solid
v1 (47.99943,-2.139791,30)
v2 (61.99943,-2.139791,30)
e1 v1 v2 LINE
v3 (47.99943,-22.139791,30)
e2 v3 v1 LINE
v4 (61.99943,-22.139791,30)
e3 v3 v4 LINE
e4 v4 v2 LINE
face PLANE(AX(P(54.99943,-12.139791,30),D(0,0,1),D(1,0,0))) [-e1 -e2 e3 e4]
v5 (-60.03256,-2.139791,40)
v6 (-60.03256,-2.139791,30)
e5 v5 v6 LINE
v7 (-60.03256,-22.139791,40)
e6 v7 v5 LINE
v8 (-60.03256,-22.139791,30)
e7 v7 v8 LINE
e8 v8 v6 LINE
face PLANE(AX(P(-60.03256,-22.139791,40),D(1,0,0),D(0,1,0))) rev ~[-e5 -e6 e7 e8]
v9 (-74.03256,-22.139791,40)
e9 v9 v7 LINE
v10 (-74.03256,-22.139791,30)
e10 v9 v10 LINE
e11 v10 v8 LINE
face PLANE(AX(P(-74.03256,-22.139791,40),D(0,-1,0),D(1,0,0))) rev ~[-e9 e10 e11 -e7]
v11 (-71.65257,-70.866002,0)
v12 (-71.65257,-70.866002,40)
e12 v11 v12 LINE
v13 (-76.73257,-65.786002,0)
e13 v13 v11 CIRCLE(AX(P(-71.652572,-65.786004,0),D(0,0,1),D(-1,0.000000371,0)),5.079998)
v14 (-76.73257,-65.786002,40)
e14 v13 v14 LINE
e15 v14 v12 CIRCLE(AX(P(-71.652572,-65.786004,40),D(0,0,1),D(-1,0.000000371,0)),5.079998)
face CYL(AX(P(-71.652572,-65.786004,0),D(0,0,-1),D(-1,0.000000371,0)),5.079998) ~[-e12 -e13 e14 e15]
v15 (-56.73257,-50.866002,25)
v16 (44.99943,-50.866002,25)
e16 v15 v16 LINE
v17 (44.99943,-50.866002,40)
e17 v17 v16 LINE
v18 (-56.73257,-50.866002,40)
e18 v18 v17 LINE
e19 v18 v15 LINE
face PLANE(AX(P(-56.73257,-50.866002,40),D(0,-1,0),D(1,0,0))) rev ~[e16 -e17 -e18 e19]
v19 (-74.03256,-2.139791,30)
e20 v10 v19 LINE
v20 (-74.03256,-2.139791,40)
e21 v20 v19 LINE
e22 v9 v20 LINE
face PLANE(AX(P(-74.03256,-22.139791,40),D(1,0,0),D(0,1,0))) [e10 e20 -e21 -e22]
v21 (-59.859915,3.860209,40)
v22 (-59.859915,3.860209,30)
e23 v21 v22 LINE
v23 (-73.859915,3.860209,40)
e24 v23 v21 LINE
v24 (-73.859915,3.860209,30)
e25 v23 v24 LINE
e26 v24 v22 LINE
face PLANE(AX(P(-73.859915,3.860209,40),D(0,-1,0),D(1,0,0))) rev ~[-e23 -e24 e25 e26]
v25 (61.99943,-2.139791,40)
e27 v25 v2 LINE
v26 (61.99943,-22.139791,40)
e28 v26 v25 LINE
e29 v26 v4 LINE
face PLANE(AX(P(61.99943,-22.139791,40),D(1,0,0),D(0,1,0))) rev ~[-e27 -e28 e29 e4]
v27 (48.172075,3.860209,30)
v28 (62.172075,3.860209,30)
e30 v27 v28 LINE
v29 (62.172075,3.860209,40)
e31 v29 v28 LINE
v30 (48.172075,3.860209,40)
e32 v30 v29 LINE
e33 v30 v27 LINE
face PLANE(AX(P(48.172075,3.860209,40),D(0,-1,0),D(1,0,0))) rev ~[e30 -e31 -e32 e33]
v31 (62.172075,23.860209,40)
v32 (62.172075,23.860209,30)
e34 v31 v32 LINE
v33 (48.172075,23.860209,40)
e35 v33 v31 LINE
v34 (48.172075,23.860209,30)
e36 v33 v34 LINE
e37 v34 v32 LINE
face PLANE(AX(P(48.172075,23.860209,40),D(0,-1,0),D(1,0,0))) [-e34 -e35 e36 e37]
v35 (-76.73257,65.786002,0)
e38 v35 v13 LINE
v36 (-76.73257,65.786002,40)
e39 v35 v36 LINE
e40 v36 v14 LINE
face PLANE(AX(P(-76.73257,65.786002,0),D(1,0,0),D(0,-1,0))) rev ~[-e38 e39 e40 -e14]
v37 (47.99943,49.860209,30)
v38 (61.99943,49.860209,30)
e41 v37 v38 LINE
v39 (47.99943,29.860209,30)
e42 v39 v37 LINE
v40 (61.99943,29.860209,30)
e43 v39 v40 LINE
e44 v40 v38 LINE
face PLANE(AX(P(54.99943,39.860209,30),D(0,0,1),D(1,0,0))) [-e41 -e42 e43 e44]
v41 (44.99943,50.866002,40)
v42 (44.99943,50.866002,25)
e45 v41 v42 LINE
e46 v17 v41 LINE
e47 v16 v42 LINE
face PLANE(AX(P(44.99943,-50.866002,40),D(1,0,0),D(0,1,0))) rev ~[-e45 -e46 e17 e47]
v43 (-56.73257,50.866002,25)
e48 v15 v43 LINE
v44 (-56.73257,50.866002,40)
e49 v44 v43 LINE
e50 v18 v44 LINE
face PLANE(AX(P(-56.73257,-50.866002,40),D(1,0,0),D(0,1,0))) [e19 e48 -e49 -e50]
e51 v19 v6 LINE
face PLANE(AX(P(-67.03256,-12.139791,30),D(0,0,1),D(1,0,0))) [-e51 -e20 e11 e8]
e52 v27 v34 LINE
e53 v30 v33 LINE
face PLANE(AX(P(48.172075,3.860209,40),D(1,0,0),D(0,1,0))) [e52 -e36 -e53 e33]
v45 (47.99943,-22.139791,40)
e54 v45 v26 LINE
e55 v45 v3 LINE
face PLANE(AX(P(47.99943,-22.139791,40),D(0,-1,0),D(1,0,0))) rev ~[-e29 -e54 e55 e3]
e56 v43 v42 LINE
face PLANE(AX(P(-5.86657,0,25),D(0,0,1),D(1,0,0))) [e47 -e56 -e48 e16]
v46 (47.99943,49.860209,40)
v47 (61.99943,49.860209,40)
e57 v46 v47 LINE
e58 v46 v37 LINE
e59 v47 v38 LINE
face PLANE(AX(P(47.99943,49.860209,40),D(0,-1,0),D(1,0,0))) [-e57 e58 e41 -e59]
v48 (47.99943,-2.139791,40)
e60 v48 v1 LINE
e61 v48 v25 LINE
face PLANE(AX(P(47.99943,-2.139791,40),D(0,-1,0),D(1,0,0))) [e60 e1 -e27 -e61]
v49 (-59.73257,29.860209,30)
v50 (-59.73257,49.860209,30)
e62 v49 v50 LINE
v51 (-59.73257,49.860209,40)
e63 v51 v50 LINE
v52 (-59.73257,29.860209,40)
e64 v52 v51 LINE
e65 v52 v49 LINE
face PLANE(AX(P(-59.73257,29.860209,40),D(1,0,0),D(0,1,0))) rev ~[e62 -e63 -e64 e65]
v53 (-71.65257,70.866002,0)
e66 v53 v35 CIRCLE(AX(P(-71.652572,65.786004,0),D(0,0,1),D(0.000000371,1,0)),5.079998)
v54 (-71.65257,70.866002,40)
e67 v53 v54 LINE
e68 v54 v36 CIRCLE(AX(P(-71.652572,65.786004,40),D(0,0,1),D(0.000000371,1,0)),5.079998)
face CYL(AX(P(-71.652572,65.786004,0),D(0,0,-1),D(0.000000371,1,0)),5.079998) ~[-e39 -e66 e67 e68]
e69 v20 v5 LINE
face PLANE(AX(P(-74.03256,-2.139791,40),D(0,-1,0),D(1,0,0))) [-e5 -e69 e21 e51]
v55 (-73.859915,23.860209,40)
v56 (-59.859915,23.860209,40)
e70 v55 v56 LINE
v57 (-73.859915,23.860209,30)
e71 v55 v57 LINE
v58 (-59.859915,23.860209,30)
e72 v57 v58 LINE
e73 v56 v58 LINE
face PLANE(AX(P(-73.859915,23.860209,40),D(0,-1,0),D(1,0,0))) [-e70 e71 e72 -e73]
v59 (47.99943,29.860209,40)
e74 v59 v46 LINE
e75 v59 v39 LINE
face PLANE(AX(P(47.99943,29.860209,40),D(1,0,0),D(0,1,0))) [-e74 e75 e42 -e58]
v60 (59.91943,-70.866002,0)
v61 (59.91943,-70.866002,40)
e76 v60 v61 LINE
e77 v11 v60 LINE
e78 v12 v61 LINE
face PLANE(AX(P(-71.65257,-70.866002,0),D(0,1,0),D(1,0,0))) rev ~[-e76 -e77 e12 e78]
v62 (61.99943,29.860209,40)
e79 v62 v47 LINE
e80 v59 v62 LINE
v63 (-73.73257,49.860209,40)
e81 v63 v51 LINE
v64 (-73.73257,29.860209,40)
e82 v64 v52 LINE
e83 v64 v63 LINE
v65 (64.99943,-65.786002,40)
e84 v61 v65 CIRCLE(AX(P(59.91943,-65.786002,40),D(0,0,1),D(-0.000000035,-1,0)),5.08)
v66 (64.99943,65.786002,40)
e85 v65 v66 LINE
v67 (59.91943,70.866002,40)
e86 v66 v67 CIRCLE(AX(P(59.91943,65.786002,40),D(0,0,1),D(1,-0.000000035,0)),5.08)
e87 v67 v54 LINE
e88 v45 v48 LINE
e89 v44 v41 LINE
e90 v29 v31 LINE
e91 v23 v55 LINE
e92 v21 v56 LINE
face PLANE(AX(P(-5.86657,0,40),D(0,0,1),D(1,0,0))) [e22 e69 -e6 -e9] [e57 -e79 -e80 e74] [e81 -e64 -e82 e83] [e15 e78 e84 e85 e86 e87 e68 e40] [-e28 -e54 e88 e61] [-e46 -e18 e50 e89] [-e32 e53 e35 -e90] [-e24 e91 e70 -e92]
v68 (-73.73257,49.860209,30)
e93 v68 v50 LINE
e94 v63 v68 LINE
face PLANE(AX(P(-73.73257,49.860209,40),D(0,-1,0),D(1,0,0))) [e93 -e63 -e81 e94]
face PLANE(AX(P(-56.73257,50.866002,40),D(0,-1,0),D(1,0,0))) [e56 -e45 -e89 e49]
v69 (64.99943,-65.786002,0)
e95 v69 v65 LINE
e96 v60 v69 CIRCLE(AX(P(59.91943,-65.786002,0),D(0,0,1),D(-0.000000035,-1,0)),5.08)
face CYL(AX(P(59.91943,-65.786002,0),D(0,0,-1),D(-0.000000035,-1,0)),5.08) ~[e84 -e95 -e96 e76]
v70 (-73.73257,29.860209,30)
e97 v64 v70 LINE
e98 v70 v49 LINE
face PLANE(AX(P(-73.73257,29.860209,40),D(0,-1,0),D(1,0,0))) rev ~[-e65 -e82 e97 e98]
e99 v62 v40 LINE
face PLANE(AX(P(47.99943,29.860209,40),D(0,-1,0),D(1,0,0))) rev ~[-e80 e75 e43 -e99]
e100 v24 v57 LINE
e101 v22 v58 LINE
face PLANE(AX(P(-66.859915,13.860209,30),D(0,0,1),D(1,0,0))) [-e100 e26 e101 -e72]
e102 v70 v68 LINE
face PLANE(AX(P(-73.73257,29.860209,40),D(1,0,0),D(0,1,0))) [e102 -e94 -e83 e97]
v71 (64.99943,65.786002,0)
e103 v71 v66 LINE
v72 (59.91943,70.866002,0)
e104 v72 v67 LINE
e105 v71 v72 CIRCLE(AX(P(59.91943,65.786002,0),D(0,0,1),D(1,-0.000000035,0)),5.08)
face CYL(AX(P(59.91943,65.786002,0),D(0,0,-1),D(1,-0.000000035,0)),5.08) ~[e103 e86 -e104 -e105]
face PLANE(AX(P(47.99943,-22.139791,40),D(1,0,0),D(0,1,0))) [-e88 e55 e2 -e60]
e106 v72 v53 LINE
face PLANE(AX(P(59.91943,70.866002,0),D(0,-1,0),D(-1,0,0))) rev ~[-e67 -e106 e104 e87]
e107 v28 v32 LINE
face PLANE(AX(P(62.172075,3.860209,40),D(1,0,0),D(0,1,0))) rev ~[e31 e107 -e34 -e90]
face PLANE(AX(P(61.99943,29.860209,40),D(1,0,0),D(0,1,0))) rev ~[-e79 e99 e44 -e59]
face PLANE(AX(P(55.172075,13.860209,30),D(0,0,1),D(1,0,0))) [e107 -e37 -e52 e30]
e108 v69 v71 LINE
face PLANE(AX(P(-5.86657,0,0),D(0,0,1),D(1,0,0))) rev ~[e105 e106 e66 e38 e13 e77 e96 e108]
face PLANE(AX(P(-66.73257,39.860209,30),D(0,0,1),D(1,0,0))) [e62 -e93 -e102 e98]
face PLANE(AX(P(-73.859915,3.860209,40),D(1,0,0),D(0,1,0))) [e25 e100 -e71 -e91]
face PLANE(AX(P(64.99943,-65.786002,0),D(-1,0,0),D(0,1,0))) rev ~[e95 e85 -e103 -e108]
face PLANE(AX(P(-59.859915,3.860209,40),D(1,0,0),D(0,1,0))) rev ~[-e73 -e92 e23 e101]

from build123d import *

# Parameters (mm, degrees)
F1_DEPTH = 40
F2_W     = 101.732
F2_H     = 101.732004
F3_DEPTH = 15
F4_W     = 14
F4_H     = 20
F5_DEPTH = 10


with BuildPart() as f1:
    # F0 (on Top) → F1 (new body)
    with BuildSketch(Plane.XY):
        with BuildLine():
            Line((59.91943, 70.866002), (-71.65257, 70.866002))
            ThreePointArc((-71.65257, 70.866002), (-75.244673, 69.378105), (-76.73257, 65.786002))
            Line((-76.73257, 65.786002), (-76.73257, -65.786002))
            ThreePointArc((-76.73257, -65.786002), (-75.244673, -69.378105), (-71.65257, -70.866002))
            Line((-71.65257, -70.866002), (59.91943, -70.866002))
            ThreePointArc((59.91943, -70.866002), (63.511532, -69.378105), (64.99943, -65.786002))
            Line((64.99943, -65.786002), (64.99943, 65.786002))
            ThreePointArc((64.99943, 65.786002), (63.511532, 69.378105), (59.91943, 70.866002))
        make_face()
    extrude(amount=F1_DEPTH)

    # F2 (on face) → F3 (cut)
    with BuildSketch(Plane.XY.offset(40)):
        with Locations((-5.86657, 0)):
            Rectangle(F2_W, F2_H)
    extrude(amount=-F3_DEPTH, mode=Mode.SUBTRACT)

    # F4 (on face) → F5 (cut)
    with BuildSketch(Plane.XY.offset(40)):
        with Locations((-66.73257, 39.860209)):
            Rectangle(F4_W, F4_H)
        with Locations((-66.859915, 13.860209)):
            Rectangle(F4_W, F4_H)
        with Locations((-67.03256, -12.139791)):
            Rectangle(F4_W, F4_H)
        with Locations((54.99943, 39.860209)):
            Rectangle(F4_W, F4_H)
        with Locations((55.172075, 13.860209)):
            Rectangle(F4_W, F4_H)
        with Locations((54.99943, -12.139791)):
            Rectangle(F4_W, F4_H)
    extrude(amount=-F5_DEPTH, mode=Mode.SUBTRACT)


solid = f1.part
